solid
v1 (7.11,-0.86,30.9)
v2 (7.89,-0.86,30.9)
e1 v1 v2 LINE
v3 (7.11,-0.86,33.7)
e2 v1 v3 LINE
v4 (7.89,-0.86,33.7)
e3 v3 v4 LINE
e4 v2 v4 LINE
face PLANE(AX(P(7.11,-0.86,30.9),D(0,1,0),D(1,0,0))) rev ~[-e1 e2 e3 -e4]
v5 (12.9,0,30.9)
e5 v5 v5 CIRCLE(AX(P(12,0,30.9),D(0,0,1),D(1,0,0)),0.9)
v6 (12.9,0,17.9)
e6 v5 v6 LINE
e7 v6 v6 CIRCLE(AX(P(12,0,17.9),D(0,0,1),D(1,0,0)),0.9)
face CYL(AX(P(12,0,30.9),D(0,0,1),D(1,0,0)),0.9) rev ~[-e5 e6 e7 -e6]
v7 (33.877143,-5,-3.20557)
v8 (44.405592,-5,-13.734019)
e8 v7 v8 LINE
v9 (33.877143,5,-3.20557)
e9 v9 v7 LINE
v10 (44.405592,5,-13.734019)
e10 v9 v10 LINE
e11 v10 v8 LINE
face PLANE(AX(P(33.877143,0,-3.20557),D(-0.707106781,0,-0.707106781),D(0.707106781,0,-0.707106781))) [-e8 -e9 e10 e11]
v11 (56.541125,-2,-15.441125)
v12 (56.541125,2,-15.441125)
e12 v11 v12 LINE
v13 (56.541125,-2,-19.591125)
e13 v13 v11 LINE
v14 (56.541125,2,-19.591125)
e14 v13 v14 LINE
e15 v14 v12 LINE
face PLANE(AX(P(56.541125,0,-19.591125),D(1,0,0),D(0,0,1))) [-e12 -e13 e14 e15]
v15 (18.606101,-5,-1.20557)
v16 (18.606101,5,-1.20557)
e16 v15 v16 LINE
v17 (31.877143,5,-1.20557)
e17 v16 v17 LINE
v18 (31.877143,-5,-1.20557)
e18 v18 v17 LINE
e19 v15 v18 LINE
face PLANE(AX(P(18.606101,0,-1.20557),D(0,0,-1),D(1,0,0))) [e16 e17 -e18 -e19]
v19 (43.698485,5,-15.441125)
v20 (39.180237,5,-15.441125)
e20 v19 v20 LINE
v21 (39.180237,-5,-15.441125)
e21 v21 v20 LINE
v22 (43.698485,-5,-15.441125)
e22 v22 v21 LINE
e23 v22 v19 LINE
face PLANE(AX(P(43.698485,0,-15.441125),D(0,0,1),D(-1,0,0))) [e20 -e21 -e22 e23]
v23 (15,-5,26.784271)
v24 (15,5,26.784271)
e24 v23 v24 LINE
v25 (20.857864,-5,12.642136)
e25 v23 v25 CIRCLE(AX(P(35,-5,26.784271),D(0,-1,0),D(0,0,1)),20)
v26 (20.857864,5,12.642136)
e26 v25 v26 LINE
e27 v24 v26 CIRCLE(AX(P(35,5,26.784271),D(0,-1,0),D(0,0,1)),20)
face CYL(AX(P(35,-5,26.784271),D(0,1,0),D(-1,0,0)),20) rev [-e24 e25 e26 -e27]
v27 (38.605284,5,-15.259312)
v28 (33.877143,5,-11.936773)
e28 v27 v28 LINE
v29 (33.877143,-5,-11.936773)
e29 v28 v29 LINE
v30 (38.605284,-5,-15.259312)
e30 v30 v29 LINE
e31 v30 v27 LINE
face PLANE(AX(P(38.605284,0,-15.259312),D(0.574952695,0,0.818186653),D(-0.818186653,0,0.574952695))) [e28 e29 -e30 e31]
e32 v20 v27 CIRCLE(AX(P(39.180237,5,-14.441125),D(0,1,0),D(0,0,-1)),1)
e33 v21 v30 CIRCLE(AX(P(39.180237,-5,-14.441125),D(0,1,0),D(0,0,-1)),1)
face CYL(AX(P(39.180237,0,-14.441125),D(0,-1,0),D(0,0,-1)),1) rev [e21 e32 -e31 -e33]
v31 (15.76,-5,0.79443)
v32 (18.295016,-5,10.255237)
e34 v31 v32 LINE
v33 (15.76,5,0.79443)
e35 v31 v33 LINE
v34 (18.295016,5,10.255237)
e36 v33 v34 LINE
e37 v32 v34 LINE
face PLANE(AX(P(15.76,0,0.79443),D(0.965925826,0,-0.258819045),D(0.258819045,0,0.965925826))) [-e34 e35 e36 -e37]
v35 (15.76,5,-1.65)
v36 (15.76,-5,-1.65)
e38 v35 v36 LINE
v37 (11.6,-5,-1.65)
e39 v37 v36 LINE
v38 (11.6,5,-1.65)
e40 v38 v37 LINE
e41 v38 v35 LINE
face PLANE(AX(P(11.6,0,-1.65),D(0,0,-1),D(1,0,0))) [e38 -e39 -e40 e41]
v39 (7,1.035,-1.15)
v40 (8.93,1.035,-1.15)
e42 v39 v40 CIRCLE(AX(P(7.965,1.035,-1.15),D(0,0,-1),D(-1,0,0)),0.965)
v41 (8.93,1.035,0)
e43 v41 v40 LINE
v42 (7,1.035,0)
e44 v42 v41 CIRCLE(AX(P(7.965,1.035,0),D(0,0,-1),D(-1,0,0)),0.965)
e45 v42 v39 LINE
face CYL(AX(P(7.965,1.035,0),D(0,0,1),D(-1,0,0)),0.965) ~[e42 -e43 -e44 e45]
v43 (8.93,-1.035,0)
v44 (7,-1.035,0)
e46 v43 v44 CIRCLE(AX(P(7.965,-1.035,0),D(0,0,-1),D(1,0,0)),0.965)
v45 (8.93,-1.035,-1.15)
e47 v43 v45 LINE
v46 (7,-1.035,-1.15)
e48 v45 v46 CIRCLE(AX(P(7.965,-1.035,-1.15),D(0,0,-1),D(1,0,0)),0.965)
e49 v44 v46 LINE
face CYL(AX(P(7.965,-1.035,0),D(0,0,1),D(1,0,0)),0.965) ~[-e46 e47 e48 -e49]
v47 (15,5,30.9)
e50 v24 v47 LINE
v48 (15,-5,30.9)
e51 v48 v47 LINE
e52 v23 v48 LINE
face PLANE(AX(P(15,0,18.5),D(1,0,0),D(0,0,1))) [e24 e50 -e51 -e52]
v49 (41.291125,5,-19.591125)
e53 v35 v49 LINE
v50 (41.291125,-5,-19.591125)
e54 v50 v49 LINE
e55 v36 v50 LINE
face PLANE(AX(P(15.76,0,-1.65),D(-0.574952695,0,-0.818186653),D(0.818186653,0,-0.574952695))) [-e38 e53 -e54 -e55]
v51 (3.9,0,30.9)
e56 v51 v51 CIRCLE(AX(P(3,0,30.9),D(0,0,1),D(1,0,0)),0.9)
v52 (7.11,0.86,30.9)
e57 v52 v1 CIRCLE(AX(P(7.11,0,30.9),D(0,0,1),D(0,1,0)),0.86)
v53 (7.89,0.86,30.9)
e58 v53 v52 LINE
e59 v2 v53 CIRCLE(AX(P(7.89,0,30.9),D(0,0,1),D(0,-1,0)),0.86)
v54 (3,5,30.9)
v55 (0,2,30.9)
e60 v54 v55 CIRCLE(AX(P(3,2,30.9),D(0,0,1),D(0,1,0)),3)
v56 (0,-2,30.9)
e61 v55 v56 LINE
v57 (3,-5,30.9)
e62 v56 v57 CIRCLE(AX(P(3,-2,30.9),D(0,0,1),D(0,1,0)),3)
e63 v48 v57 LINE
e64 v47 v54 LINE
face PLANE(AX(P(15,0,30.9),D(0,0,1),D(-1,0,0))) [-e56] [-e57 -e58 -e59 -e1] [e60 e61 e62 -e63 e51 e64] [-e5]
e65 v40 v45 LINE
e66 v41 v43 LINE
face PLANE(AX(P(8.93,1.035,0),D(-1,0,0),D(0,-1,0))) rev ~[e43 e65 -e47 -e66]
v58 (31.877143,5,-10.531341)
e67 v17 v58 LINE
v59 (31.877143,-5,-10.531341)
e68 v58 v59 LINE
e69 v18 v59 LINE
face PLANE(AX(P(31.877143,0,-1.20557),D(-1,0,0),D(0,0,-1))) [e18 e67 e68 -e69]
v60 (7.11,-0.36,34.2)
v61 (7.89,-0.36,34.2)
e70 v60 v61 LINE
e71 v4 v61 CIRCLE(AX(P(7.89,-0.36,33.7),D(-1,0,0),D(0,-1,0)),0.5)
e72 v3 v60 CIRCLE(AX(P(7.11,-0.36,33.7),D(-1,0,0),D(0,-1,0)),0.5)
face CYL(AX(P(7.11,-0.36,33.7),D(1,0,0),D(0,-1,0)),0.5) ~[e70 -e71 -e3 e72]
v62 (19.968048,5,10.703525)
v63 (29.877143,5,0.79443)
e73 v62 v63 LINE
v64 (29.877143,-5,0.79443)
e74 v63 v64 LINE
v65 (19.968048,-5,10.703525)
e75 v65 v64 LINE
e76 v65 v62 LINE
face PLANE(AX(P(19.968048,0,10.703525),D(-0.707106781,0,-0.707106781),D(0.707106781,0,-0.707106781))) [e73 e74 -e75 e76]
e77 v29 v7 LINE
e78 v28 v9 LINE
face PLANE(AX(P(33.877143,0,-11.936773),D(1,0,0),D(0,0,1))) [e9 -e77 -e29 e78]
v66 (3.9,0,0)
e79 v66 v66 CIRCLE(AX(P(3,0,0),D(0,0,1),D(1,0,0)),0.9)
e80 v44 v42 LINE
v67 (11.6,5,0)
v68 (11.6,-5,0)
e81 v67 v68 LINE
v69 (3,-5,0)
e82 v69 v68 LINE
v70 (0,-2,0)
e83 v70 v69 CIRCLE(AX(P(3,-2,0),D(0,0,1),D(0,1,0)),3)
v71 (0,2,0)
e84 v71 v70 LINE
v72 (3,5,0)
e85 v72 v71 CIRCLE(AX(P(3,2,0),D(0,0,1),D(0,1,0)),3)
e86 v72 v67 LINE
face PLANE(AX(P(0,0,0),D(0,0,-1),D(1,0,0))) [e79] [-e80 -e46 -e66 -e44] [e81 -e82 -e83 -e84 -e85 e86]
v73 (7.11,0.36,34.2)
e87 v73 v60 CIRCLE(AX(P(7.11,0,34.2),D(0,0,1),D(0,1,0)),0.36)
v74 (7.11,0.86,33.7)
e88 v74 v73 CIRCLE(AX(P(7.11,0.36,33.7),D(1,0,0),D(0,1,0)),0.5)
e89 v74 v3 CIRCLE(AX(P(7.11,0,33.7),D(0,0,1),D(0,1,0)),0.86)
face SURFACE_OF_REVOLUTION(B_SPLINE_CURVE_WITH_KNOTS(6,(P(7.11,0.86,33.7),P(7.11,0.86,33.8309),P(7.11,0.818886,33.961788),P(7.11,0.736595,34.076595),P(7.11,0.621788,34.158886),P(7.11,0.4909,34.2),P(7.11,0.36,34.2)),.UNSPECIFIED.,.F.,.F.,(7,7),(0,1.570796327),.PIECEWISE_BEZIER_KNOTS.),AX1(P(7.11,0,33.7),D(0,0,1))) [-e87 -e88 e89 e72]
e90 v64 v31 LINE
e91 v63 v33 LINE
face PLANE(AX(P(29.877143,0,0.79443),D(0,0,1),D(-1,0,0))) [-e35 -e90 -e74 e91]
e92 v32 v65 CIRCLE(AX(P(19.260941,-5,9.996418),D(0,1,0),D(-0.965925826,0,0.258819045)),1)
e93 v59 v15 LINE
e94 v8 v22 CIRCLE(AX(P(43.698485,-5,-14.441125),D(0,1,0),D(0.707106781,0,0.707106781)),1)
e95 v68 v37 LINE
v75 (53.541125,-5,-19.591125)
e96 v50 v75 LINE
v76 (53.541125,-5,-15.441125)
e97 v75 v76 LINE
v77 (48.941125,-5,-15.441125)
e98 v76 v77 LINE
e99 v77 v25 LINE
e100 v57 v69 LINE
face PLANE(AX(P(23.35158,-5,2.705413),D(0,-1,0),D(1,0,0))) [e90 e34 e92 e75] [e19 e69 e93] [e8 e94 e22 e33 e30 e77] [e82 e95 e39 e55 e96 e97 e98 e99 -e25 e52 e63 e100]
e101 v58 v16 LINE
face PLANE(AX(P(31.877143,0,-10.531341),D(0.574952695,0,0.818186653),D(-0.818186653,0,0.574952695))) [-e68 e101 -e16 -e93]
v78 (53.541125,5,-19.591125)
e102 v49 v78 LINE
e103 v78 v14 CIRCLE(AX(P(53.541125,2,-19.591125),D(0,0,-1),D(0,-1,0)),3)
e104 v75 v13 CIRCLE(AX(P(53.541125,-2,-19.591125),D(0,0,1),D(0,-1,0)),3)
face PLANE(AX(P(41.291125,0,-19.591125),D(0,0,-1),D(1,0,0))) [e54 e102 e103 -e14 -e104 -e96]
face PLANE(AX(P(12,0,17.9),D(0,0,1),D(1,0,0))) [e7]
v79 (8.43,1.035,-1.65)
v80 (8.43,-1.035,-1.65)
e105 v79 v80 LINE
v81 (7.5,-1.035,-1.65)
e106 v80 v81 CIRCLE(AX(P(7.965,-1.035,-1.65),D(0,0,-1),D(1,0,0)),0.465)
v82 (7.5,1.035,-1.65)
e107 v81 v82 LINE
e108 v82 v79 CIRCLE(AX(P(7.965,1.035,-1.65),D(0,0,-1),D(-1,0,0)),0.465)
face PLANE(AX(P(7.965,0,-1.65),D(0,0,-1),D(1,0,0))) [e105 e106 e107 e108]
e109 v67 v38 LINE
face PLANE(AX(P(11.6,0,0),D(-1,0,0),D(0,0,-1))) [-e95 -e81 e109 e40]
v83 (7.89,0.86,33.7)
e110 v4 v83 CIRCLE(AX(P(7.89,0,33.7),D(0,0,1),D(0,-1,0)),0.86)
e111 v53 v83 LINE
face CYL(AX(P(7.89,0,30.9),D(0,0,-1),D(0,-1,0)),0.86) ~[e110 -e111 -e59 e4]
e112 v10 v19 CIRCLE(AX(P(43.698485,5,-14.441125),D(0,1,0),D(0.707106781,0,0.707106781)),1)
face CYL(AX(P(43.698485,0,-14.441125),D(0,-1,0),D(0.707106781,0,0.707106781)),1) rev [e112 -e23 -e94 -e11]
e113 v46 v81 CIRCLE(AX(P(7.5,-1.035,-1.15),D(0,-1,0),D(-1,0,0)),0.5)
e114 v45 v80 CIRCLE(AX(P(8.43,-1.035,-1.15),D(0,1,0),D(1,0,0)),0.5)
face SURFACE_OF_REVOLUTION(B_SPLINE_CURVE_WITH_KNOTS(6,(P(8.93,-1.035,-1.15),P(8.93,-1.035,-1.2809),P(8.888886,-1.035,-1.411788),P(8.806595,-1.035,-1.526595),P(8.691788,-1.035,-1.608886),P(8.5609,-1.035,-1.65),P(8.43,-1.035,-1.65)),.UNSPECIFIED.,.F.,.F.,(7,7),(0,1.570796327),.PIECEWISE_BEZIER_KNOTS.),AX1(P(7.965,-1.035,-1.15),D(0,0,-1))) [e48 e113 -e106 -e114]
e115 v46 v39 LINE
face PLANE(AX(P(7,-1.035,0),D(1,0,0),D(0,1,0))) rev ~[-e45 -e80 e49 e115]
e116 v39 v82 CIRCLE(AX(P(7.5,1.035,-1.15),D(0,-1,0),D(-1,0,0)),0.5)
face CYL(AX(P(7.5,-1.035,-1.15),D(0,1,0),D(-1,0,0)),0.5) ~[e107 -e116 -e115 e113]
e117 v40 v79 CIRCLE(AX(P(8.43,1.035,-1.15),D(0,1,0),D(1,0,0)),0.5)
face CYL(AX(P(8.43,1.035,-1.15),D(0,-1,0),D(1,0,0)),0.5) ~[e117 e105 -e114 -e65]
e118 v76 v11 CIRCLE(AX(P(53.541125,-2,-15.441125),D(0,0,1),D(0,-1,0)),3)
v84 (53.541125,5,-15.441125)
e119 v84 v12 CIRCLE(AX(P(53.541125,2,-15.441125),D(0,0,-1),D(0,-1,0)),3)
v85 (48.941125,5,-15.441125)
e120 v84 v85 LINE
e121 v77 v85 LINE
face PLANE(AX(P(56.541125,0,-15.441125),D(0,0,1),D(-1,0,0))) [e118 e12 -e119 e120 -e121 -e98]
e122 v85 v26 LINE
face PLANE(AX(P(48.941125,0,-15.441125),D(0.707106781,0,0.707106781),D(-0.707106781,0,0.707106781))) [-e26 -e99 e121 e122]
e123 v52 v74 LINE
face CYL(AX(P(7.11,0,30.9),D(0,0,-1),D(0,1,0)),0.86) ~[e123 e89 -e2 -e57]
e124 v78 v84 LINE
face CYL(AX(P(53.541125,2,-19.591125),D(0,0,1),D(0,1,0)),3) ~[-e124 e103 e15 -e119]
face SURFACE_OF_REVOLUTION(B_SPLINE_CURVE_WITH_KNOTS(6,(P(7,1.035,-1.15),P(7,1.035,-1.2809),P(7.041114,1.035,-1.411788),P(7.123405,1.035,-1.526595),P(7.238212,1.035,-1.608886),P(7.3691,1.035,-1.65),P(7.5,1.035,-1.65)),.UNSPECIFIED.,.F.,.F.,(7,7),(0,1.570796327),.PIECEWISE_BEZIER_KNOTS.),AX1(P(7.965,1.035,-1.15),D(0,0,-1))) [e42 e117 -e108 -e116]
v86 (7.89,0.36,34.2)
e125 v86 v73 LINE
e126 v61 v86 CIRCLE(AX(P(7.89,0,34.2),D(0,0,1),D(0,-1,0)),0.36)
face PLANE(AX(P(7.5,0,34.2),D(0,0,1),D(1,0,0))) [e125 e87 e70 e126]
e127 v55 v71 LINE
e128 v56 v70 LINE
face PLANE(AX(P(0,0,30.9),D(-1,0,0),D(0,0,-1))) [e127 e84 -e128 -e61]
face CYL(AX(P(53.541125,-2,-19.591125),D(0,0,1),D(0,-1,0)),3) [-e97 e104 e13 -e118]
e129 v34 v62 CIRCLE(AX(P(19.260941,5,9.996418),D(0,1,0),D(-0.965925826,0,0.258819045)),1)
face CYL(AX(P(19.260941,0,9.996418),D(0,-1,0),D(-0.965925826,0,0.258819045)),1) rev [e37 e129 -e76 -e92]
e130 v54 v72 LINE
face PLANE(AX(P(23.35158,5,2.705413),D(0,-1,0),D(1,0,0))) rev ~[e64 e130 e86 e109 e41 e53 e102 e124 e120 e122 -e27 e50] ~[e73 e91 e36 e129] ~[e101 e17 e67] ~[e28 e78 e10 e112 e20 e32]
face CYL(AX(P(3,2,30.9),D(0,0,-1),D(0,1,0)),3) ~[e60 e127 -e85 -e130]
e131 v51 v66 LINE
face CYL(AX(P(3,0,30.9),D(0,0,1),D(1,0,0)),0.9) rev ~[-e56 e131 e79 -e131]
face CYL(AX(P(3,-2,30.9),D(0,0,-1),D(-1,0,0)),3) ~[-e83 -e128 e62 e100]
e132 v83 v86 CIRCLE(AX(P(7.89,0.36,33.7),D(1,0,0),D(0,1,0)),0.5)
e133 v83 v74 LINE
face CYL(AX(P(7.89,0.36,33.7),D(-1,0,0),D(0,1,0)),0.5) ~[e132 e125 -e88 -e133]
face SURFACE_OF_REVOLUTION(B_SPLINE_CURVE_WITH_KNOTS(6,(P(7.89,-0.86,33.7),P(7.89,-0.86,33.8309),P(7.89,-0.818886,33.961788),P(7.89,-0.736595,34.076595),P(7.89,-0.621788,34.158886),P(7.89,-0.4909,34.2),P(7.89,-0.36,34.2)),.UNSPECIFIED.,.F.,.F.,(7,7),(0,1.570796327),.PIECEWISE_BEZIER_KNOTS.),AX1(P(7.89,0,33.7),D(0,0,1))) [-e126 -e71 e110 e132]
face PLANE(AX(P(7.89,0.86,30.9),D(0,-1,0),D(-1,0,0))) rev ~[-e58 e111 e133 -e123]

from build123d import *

# Parameters (mm, degrees)
F1_DEPTH = 5
F2_R     = 0.9
F3_DEPTH = 50.492125497
F4_DEPTH = 13
F6_DEPTH = 3.3
F8_DEPTH = 1.65
F9_R     = 0.5
F10_R    = 3
F11_R    = 20


with BuildPart() as f1:
    # F0 (on Front) → F1 (new body, symmetric)
    with BuildSketch(Plane.XZ):
        Polygon((15, 30.9), (0, 30.9), (0, 0), (11.6, 0), (11.6, -1.65), (15.76, -1.65), (41.291125497, -19.591125497), (56.541125497, -19.591125497), (56.541125497, -15.441125497), (48.941125497, -15.441125497), (15, 18.5), align=None)
        Polygon((31.8771428741, -10.5313410853), (18.6061007646, -1.2055699989), (31.8771428741, -1.2055699989), align=None, mode=Mode.SUBTRACT)
        with BuildLine():
            Line((33.8771428741, -11.9367727024), (33.8771428741, -3.2055699989))
            Line((33.8771428741, -3.2055699989), (44.405591591, -13.7340187158))
            ThreePointArc((44.405591591, -13.7340187158), (44.6223643423, -14.8238089293), (43.6984848098, -15.441125497))
            Line((43.6984848098, -15.441125497), (39.1802365995, -15.441125497))
            ThreePointArc((39.1802365995, -15.441125497), (38.8787292634, -15.3945893538), (38.6052839044, -15.2593121495))
            Line((38.6052839044, -15.2593121495), (33.8771428741, -11.9367727024))
        make_face(mode=Mode.SUBTRACT)
        with BuildLine():
            Line((29.8771428741, 0.7944300011), (15.76, 0.7944300011))
            Line((15.76, 0.7944300011), (18.2950155817, 10.25523695))
            ThreePointArc((18.2950155817, 10.25523695), (19.0021223629, 10.9623437312), (19.9680481892, 10.7035246861))
            Line((19.9680481892, 10.7035246861), (29.8771428741, 0.7944300011))
        make_face(mode=Mode.SUBTRACT)
    extrude(amount=F1_DEPTH, both=True)

    # F2 (on face) → F3 (cut, through all)
    with BuildSketch(Plane.XY.offset(30.9)):
        with Locations((3, 0)):
            Circle(F2_R)
    extrude(amount=-F3_DEPTH, mode=Mode.SUBTRACT)

    # F2 (on face) → F4 (cut)
    with BuildSketch(Plane.XY.offset(30.9)):
        with Locations((12, 0)):
            Circle(F2_R)
    extrude(amount=-F4_DEPTH, mode=Mode.SUBTRACT)

    # F5 (on face) → F6 (join)
    with BuildSketch(Plane.XY.offset(30.9)):
        with BuildLine():
            Line((7.89, 0.86), (7.11, 0.86))
            ThreePointArc((7.11, 0.86), (6.25, 0), (7.11, -0.86))
            Line((7.11, -0.86), (7.89, -0.86))
            ThreePointArc((7.89, -0.86), (8.75, 0), (7.89, 0.86))
        make_face()
    extrude(amount=F6_DEPTH)

    # F7 (on face) → F8 (join, through all)
    with BuildSketch(Plane(origin=(0, 0, 0), x_dir=(1, 0, 0), z_dir=(0, 0, -1))):
        with BuildLine():
            Line((8.93, -1.035), (8.93, 1.035))
            ThreePointArc((8.93, 1.035), (7.965, 2), (7, 1.035))
            Line((7, 1.035), (7, -1.035))
            ThreePointArc((7, -1.035), (7.965, -2), (8.93, -1.035))
        make_face()
    extrude(amount=F8_DEPTH)

    # F9
    f9_edges = [f1.edges().sort_by_distance(p)[0] for p in [
        (8.75, 0, 34.2),
        (7.5, 0.86, 34.2),
        (6.25, 0, 34.2),
        (7.5, -0.86, 34.2),
        (8.93, 0, -1.65),
        (7.965, -2, -1.65),
        (7, 0, -1.65),
        (7.965, 2, -1.65),
    ]]
    fillet(f9_edges, radius=F9_R)

    # F10
    f10_edges = [f1.edges().sort_by_distance(p)[0] for p in [
        (0, -5, 15.45),
        (0, 5, 15.45),
        (56.541125, -5, -17.516125),
        (56.541125, 5, -17.516125),
    ]]
    fillet(f10_edges, radius=F10_R)

    # F11
    f11_edges = [f1.edges().sort_by_distance(p)[0] for p in [
        (15, 0, 18.5),
    ]]
    fillet(f11_edges, radius=F11_R)


solid = f1.part
